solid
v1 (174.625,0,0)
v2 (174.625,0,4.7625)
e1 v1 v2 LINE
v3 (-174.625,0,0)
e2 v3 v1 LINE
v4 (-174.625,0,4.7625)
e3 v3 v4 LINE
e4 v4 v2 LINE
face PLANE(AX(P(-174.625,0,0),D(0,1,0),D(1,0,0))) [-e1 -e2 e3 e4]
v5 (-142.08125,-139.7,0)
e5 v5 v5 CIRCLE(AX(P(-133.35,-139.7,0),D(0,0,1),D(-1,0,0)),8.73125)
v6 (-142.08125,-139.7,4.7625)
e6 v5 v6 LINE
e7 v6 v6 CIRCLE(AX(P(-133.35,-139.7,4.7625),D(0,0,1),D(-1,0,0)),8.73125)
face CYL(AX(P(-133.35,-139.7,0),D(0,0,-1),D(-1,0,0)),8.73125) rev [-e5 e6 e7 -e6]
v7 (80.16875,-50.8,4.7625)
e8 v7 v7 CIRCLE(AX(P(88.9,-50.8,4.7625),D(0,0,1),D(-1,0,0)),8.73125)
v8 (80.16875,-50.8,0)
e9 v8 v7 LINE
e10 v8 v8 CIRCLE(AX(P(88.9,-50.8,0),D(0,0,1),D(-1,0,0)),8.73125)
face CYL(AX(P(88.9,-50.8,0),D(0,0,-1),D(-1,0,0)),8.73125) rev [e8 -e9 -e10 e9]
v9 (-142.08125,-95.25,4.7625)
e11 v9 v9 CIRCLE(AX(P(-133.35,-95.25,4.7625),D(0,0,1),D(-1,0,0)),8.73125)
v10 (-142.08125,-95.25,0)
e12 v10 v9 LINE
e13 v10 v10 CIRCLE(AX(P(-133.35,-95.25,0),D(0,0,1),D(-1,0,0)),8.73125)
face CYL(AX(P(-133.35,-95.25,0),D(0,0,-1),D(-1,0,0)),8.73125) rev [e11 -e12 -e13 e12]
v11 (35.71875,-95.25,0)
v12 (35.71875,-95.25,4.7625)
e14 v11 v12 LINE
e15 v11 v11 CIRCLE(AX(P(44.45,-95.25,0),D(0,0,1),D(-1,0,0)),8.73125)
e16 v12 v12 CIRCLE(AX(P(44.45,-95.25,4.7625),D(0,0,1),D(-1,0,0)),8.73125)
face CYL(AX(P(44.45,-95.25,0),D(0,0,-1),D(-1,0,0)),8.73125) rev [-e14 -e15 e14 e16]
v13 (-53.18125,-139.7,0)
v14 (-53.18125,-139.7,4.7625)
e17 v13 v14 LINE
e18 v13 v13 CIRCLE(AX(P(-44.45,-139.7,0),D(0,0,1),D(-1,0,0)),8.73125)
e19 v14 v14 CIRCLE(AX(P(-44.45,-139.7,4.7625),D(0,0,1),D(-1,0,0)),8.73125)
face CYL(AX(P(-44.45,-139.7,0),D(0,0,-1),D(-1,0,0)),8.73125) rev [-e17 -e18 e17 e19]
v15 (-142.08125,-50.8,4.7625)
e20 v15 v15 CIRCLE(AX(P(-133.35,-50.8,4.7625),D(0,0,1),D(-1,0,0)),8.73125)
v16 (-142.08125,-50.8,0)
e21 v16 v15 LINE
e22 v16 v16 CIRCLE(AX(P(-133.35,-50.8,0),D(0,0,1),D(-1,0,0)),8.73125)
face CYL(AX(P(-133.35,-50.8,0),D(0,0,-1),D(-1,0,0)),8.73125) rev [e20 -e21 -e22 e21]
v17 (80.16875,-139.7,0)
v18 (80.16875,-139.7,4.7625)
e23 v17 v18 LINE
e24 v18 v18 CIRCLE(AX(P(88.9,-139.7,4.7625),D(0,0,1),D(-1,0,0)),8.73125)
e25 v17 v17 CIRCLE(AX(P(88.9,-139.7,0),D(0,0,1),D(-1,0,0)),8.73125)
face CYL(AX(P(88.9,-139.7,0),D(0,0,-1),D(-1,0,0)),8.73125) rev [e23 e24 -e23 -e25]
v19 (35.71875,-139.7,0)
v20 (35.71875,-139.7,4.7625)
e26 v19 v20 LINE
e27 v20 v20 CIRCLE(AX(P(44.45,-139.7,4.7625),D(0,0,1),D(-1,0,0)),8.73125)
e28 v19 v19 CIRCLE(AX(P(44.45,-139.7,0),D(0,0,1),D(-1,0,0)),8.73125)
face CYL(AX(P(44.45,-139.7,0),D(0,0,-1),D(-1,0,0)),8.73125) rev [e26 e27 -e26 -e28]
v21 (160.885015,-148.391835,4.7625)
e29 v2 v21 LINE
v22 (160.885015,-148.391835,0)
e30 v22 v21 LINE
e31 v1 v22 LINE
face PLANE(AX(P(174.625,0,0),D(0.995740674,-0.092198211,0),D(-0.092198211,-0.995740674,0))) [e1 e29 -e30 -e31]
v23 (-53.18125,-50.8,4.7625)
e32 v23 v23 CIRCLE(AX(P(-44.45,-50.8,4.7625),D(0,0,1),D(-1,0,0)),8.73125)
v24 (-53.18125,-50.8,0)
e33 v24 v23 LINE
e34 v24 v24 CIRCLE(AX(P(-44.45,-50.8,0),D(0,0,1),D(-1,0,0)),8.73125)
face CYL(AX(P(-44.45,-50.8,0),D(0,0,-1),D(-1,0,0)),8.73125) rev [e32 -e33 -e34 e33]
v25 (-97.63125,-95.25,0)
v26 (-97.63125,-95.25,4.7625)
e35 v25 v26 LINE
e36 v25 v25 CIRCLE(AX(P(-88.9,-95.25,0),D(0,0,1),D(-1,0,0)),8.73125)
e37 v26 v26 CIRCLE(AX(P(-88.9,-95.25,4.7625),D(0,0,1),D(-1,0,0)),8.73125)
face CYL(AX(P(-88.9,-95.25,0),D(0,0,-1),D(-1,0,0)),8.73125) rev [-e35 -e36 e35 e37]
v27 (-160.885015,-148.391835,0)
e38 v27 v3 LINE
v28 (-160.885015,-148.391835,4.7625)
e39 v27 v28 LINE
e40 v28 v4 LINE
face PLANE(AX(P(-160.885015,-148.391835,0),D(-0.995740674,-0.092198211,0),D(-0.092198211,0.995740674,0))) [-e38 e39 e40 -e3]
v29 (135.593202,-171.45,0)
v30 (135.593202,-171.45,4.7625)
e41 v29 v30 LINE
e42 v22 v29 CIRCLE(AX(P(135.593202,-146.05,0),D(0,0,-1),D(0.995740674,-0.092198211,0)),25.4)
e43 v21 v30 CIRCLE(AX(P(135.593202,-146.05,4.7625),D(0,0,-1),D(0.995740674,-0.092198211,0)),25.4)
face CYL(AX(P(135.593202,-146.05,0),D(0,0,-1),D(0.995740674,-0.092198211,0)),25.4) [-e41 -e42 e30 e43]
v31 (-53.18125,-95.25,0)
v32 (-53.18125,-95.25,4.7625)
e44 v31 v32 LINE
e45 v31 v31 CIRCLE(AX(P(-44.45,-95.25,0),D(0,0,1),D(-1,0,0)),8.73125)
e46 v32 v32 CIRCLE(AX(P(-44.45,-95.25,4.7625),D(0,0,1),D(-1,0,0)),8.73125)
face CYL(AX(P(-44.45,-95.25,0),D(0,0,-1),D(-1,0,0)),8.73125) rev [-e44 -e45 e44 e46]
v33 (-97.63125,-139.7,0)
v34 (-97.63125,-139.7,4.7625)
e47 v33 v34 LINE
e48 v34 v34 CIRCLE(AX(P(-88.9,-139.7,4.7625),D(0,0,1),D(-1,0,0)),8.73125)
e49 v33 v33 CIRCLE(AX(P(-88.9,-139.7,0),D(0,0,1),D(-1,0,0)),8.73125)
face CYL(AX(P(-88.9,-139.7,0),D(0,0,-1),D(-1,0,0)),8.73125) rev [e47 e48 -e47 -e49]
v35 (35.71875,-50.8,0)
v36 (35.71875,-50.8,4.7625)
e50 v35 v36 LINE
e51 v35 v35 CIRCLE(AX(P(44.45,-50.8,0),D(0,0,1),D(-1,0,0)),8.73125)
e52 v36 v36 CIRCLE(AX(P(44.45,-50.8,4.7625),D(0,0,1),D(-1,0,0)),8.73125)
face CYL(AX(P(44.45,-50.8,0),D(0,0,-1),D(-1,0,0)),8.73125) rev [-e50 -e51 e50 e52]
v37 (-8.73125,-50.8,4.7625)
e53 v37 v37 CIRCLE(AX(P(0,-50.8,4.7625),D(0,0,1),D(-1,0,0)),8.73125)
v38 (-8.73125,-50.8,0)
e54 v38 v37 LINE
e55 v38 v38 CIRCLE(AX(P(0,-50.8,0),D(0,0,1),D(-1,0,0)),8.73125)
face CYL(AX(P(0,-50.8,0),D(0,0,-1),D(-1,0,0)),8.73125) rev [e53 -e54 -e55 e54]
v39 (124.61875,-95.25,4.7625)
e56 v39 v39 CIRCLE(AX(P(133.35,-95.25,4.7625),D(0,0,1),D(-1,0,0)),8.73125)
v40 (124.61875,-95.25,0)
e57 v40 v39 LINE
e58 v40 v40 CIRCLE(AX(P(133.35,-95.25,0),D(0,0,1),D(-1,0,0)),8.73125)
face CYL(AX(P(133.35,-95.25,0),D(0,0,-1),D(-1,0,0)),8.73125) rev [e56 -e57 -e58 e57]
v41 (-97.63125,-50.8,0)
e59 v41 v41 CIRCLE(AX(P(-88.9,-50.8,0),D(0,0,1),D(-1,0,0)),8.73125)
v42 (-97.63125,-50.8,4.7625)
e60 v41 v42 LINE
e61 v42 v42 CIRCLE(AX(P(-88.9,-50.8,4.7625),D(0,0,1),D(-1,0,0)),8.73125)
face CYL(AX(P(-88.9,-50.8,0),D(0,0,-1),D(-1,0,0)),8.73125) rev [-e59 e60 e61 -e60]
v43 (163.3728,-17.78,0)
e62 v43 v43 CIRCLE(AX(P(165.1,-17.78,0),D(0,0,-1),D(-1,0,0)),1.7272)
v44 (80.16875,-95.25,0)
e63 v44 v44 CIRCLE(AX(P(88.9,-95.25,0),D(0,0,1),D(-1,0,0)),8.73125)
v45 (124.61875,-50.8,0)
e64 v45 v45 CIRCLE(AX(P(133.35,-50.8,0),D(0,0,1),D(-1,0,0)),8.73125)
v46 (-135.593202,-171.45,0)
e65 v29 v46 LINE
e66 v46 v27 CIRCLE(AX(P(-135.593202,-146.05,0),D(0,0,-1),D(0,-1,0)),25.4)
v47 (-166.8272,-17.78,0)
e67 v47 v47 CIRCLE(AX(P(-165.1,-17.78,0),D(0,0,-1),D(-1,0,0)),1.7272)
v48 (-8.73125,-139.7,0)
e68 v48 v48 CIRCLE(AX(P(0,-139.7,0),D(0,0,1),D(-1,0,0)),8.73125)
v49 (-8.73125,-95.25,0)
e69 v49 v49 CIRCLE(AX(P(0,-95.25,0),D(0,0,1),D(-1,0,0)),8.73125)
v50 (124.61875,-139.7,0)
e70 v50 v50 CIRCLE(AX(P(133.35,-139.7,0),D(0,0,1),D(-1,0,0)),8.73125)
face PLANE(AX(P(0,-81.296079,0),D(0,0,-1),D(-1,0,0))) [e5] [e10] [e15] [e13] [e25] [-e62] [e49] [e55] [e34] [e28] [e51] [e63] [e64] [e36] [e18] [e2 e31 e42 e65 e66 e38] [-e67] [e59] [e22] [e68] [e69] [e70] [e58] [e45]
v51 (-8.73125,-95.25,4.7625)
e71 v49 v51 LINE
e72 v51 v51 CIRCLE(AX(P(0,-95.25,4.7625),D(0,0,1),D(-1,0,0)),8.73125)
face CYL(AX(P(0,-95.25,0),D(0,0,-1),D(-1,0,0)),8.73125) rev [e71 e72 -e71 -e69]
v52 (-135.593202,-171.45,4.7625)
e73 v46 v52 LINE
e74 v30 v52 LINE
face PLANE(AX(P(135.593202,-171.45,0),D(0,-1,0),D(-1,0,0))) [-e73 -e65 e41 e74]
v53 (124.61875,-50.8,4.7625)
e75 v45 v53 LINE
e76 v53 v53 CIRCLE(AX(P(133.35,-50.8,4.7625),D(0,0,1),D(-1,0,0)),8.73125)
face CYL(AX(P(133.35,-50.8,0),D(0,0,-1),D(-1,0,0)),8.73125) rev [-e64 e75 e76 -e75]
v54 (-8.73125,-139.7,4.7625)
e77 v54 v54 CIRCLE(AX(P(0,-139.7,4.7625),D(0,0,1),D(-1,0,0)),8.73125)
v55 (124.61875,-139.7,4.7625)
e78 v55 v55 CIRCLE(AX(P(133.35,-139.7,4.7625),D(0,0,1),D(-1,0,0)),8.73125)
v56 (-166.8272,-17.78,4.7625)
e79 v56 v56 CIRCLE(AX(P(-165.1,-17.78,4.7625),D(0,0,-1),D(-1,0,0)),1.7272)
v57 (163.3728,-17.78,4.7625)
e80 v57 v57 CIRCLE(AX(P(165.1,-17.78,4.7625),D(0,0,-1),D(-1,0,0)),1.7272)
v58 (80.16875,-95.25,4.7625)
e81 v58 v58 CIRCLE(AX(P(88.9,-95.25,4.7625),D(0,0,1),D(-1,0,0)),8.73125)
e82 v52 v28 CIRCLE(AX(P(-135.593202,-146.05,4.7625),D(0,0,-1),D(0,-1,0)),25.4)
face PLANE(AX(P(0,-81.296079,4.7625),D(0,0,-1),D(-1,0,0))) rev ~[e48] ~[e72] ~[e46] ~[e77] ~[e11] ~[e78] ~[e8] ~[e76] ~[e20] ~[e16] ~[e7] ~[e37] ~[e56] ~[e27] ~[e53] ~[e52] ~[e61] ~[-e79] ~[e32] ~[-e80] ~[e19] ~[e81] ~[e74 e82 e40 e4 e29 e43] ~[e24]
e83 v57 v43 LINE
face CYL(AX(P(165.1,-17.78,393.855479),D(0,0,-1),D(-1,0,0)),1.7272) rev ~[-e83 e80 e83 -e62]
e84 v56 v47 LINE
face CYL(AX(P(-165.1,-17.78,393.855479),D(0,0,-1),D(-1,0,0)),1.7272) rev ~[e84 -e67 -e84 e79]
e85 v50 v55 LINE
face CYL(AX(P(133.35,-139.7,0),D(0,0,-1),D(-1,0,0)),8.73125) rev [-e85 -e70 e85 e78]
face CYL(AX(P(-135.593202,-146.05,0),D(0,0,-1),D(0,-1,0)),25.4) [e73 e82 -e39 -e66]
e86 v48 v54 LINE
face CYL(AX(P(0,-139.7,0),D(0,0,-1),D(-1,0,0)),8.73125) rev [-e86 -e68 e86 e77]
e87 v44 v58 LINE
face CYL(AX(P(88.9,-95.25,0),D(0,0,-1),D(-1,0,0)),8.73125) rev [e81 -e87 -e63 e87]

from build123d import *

# Parameters (mm, degrees)
SKETCH1_R                 = 8.73125
BOSS_EXTRUDE1_DEPTH       = 4.7625
TAP_DRILL_FOR_8_32_TAP1_D = 3.4544


with BuildPart() as part:
    # Sketch1 → Boss-Extrude1 (new body)
    with BuildSketch(Plane.XY):
        with BuildLine():
            Line((-174.625, 0), (174.625, 0))
            Line((174.625, 0), (160.88501532, -148.391834548))
            ThreePointArc((160.88501532, -148.391834548), (152.705732731, -164.820223727), (135.593202199, -171.45))
            Line((135.593202199, -171.45), (-135.593202199, -171.45))
            ThreePointArc((-135.593202199, -171.45), (-152.705732731, -164.820223727), (-160.88501532, -148.391834548))
            Line((-160.88501532, -148.391834548), (-174.625, 0))
        make_face()
        with Locations(Location((-44.45, -139.7, 0), (0, 0, 180))):
            Circle(SKETCH1_R, mode=Mode.SUBTRACT)
        with Locations(Location((-88.9, -139.7, 0), (0, 0, 180))):
            Circle(SKETCH1_R, mode=Mode.SUBTRACT)
        with Locations(Location((-133.35, -139.7, 0), (0, 0, 180))):
            Circle(SKETCH1_R, mode=Mode.SUBTRACT)
        with Locations(Location((-88.9, -95.25, 0), (0, 0, 180))):
            Circle(SKETCH1_R, mode=Mode.SUBTRACT)
        with Locations(Location((-133.35, -95.25, 0), (0, 0, 180))):
            Circle(SKETCH1_R, mode=Mode.SUBTRACT)
        with Locations(Location((-88.9, -50.8, 0), (0, 0, 180))):
            Circle(SKETCH1_R, mode=Mode.SUBTRACT)
        with Locations(Location((-133.35, -50.8, 0), (0, 0, 180))):
            Circle(SKETCH1_R, mode=Mode.SUBTRACT)
        with Locations(Location((-44.45, -95.25, 0), (0, 0, 180))):
            Circle(SKETCH1_R, mode=Mode.SUBTRACT)
        with Locations(Location((-44.45, -50.8, 0), (0, 0, 180))):
            Circle(SKETCH1_R, mode=Mode.SUBTRACT)
        with Locations(Location((0, -139.7, 0), (0, 0, 180))):
            Circle(SKETCH1_R, mode=Mode.SUBTRACT)
        with Locations(Location((44.45, -139.7, 0), (0, 0, 180))):
            Circle(SKETCH1_R, mode=Mode.SUBTRACT)
        with Locations(Location((88.9, -139.7, 0), (0, 0, 180))):
            Circle(SKETCH1_R, mode=Mode.SUBTRACT)
        with Locations(Location((133.35, -139.7, 0), (0, 0, 180))):
            Circle(SKETCH1_R, mode=Mode.SUBTRACT)
        with Locations(Location((44.45, -95.25, 0), (0, 0, 180))):
            Circle(SKETCH1_R, mode=Mode.SUBTRACT)
        with Locations(Location((88.9, -95.25, 0), (0, 0, 180))):
            Circle(SKETCH1_R, mode=Mode.SUBTRACT)
        with Locations(Location((133.35, -95.25, 0), (0, 0, 180))):
            Circle(SKETCH1_R, mode=Mode.SUBTRACT)
        with Locations(Location((44.45, -50.8, 0), (0, 0, 180))):
            Circle(SKETCH1_R, mode=Mode.SUBTRACT)
        with Locations(Location((88.9, -50.8, 0), (0, 0, 180))):
            Circle(SKETCH1_R, mode=Mode.SUBTRACT)
        with Locations(Location((133.35, -50.8, 0), (0, 0, 180))):
            Circle(SKETCH1_R, mode=Mode.SUBTRACT)
        with Locations(Location((0, -95.25, 0), (0, 0, 180))):
            Circle(SKETCH1_R, mode=Mode.SUBTRACT)
        with Locations(Location((0, -50.8, 0), (0, 0, 180))):
            Circle(SKETCH1_R, mode=Mode.SUBTRACT)
    extrude(amount=BOSS_EXTRUDE1_DEPTH)

    # Tap Drill for #8-32 Tap1 (through all)
    with Locations(Plane.XY.offset(4.7625)):
        with Locations((165.1, -17.78), (-165.1, -17.78)):
            Hole(TAP_DRILL_FOR_8_32_TAP1_D / 2)


solid = part.part
